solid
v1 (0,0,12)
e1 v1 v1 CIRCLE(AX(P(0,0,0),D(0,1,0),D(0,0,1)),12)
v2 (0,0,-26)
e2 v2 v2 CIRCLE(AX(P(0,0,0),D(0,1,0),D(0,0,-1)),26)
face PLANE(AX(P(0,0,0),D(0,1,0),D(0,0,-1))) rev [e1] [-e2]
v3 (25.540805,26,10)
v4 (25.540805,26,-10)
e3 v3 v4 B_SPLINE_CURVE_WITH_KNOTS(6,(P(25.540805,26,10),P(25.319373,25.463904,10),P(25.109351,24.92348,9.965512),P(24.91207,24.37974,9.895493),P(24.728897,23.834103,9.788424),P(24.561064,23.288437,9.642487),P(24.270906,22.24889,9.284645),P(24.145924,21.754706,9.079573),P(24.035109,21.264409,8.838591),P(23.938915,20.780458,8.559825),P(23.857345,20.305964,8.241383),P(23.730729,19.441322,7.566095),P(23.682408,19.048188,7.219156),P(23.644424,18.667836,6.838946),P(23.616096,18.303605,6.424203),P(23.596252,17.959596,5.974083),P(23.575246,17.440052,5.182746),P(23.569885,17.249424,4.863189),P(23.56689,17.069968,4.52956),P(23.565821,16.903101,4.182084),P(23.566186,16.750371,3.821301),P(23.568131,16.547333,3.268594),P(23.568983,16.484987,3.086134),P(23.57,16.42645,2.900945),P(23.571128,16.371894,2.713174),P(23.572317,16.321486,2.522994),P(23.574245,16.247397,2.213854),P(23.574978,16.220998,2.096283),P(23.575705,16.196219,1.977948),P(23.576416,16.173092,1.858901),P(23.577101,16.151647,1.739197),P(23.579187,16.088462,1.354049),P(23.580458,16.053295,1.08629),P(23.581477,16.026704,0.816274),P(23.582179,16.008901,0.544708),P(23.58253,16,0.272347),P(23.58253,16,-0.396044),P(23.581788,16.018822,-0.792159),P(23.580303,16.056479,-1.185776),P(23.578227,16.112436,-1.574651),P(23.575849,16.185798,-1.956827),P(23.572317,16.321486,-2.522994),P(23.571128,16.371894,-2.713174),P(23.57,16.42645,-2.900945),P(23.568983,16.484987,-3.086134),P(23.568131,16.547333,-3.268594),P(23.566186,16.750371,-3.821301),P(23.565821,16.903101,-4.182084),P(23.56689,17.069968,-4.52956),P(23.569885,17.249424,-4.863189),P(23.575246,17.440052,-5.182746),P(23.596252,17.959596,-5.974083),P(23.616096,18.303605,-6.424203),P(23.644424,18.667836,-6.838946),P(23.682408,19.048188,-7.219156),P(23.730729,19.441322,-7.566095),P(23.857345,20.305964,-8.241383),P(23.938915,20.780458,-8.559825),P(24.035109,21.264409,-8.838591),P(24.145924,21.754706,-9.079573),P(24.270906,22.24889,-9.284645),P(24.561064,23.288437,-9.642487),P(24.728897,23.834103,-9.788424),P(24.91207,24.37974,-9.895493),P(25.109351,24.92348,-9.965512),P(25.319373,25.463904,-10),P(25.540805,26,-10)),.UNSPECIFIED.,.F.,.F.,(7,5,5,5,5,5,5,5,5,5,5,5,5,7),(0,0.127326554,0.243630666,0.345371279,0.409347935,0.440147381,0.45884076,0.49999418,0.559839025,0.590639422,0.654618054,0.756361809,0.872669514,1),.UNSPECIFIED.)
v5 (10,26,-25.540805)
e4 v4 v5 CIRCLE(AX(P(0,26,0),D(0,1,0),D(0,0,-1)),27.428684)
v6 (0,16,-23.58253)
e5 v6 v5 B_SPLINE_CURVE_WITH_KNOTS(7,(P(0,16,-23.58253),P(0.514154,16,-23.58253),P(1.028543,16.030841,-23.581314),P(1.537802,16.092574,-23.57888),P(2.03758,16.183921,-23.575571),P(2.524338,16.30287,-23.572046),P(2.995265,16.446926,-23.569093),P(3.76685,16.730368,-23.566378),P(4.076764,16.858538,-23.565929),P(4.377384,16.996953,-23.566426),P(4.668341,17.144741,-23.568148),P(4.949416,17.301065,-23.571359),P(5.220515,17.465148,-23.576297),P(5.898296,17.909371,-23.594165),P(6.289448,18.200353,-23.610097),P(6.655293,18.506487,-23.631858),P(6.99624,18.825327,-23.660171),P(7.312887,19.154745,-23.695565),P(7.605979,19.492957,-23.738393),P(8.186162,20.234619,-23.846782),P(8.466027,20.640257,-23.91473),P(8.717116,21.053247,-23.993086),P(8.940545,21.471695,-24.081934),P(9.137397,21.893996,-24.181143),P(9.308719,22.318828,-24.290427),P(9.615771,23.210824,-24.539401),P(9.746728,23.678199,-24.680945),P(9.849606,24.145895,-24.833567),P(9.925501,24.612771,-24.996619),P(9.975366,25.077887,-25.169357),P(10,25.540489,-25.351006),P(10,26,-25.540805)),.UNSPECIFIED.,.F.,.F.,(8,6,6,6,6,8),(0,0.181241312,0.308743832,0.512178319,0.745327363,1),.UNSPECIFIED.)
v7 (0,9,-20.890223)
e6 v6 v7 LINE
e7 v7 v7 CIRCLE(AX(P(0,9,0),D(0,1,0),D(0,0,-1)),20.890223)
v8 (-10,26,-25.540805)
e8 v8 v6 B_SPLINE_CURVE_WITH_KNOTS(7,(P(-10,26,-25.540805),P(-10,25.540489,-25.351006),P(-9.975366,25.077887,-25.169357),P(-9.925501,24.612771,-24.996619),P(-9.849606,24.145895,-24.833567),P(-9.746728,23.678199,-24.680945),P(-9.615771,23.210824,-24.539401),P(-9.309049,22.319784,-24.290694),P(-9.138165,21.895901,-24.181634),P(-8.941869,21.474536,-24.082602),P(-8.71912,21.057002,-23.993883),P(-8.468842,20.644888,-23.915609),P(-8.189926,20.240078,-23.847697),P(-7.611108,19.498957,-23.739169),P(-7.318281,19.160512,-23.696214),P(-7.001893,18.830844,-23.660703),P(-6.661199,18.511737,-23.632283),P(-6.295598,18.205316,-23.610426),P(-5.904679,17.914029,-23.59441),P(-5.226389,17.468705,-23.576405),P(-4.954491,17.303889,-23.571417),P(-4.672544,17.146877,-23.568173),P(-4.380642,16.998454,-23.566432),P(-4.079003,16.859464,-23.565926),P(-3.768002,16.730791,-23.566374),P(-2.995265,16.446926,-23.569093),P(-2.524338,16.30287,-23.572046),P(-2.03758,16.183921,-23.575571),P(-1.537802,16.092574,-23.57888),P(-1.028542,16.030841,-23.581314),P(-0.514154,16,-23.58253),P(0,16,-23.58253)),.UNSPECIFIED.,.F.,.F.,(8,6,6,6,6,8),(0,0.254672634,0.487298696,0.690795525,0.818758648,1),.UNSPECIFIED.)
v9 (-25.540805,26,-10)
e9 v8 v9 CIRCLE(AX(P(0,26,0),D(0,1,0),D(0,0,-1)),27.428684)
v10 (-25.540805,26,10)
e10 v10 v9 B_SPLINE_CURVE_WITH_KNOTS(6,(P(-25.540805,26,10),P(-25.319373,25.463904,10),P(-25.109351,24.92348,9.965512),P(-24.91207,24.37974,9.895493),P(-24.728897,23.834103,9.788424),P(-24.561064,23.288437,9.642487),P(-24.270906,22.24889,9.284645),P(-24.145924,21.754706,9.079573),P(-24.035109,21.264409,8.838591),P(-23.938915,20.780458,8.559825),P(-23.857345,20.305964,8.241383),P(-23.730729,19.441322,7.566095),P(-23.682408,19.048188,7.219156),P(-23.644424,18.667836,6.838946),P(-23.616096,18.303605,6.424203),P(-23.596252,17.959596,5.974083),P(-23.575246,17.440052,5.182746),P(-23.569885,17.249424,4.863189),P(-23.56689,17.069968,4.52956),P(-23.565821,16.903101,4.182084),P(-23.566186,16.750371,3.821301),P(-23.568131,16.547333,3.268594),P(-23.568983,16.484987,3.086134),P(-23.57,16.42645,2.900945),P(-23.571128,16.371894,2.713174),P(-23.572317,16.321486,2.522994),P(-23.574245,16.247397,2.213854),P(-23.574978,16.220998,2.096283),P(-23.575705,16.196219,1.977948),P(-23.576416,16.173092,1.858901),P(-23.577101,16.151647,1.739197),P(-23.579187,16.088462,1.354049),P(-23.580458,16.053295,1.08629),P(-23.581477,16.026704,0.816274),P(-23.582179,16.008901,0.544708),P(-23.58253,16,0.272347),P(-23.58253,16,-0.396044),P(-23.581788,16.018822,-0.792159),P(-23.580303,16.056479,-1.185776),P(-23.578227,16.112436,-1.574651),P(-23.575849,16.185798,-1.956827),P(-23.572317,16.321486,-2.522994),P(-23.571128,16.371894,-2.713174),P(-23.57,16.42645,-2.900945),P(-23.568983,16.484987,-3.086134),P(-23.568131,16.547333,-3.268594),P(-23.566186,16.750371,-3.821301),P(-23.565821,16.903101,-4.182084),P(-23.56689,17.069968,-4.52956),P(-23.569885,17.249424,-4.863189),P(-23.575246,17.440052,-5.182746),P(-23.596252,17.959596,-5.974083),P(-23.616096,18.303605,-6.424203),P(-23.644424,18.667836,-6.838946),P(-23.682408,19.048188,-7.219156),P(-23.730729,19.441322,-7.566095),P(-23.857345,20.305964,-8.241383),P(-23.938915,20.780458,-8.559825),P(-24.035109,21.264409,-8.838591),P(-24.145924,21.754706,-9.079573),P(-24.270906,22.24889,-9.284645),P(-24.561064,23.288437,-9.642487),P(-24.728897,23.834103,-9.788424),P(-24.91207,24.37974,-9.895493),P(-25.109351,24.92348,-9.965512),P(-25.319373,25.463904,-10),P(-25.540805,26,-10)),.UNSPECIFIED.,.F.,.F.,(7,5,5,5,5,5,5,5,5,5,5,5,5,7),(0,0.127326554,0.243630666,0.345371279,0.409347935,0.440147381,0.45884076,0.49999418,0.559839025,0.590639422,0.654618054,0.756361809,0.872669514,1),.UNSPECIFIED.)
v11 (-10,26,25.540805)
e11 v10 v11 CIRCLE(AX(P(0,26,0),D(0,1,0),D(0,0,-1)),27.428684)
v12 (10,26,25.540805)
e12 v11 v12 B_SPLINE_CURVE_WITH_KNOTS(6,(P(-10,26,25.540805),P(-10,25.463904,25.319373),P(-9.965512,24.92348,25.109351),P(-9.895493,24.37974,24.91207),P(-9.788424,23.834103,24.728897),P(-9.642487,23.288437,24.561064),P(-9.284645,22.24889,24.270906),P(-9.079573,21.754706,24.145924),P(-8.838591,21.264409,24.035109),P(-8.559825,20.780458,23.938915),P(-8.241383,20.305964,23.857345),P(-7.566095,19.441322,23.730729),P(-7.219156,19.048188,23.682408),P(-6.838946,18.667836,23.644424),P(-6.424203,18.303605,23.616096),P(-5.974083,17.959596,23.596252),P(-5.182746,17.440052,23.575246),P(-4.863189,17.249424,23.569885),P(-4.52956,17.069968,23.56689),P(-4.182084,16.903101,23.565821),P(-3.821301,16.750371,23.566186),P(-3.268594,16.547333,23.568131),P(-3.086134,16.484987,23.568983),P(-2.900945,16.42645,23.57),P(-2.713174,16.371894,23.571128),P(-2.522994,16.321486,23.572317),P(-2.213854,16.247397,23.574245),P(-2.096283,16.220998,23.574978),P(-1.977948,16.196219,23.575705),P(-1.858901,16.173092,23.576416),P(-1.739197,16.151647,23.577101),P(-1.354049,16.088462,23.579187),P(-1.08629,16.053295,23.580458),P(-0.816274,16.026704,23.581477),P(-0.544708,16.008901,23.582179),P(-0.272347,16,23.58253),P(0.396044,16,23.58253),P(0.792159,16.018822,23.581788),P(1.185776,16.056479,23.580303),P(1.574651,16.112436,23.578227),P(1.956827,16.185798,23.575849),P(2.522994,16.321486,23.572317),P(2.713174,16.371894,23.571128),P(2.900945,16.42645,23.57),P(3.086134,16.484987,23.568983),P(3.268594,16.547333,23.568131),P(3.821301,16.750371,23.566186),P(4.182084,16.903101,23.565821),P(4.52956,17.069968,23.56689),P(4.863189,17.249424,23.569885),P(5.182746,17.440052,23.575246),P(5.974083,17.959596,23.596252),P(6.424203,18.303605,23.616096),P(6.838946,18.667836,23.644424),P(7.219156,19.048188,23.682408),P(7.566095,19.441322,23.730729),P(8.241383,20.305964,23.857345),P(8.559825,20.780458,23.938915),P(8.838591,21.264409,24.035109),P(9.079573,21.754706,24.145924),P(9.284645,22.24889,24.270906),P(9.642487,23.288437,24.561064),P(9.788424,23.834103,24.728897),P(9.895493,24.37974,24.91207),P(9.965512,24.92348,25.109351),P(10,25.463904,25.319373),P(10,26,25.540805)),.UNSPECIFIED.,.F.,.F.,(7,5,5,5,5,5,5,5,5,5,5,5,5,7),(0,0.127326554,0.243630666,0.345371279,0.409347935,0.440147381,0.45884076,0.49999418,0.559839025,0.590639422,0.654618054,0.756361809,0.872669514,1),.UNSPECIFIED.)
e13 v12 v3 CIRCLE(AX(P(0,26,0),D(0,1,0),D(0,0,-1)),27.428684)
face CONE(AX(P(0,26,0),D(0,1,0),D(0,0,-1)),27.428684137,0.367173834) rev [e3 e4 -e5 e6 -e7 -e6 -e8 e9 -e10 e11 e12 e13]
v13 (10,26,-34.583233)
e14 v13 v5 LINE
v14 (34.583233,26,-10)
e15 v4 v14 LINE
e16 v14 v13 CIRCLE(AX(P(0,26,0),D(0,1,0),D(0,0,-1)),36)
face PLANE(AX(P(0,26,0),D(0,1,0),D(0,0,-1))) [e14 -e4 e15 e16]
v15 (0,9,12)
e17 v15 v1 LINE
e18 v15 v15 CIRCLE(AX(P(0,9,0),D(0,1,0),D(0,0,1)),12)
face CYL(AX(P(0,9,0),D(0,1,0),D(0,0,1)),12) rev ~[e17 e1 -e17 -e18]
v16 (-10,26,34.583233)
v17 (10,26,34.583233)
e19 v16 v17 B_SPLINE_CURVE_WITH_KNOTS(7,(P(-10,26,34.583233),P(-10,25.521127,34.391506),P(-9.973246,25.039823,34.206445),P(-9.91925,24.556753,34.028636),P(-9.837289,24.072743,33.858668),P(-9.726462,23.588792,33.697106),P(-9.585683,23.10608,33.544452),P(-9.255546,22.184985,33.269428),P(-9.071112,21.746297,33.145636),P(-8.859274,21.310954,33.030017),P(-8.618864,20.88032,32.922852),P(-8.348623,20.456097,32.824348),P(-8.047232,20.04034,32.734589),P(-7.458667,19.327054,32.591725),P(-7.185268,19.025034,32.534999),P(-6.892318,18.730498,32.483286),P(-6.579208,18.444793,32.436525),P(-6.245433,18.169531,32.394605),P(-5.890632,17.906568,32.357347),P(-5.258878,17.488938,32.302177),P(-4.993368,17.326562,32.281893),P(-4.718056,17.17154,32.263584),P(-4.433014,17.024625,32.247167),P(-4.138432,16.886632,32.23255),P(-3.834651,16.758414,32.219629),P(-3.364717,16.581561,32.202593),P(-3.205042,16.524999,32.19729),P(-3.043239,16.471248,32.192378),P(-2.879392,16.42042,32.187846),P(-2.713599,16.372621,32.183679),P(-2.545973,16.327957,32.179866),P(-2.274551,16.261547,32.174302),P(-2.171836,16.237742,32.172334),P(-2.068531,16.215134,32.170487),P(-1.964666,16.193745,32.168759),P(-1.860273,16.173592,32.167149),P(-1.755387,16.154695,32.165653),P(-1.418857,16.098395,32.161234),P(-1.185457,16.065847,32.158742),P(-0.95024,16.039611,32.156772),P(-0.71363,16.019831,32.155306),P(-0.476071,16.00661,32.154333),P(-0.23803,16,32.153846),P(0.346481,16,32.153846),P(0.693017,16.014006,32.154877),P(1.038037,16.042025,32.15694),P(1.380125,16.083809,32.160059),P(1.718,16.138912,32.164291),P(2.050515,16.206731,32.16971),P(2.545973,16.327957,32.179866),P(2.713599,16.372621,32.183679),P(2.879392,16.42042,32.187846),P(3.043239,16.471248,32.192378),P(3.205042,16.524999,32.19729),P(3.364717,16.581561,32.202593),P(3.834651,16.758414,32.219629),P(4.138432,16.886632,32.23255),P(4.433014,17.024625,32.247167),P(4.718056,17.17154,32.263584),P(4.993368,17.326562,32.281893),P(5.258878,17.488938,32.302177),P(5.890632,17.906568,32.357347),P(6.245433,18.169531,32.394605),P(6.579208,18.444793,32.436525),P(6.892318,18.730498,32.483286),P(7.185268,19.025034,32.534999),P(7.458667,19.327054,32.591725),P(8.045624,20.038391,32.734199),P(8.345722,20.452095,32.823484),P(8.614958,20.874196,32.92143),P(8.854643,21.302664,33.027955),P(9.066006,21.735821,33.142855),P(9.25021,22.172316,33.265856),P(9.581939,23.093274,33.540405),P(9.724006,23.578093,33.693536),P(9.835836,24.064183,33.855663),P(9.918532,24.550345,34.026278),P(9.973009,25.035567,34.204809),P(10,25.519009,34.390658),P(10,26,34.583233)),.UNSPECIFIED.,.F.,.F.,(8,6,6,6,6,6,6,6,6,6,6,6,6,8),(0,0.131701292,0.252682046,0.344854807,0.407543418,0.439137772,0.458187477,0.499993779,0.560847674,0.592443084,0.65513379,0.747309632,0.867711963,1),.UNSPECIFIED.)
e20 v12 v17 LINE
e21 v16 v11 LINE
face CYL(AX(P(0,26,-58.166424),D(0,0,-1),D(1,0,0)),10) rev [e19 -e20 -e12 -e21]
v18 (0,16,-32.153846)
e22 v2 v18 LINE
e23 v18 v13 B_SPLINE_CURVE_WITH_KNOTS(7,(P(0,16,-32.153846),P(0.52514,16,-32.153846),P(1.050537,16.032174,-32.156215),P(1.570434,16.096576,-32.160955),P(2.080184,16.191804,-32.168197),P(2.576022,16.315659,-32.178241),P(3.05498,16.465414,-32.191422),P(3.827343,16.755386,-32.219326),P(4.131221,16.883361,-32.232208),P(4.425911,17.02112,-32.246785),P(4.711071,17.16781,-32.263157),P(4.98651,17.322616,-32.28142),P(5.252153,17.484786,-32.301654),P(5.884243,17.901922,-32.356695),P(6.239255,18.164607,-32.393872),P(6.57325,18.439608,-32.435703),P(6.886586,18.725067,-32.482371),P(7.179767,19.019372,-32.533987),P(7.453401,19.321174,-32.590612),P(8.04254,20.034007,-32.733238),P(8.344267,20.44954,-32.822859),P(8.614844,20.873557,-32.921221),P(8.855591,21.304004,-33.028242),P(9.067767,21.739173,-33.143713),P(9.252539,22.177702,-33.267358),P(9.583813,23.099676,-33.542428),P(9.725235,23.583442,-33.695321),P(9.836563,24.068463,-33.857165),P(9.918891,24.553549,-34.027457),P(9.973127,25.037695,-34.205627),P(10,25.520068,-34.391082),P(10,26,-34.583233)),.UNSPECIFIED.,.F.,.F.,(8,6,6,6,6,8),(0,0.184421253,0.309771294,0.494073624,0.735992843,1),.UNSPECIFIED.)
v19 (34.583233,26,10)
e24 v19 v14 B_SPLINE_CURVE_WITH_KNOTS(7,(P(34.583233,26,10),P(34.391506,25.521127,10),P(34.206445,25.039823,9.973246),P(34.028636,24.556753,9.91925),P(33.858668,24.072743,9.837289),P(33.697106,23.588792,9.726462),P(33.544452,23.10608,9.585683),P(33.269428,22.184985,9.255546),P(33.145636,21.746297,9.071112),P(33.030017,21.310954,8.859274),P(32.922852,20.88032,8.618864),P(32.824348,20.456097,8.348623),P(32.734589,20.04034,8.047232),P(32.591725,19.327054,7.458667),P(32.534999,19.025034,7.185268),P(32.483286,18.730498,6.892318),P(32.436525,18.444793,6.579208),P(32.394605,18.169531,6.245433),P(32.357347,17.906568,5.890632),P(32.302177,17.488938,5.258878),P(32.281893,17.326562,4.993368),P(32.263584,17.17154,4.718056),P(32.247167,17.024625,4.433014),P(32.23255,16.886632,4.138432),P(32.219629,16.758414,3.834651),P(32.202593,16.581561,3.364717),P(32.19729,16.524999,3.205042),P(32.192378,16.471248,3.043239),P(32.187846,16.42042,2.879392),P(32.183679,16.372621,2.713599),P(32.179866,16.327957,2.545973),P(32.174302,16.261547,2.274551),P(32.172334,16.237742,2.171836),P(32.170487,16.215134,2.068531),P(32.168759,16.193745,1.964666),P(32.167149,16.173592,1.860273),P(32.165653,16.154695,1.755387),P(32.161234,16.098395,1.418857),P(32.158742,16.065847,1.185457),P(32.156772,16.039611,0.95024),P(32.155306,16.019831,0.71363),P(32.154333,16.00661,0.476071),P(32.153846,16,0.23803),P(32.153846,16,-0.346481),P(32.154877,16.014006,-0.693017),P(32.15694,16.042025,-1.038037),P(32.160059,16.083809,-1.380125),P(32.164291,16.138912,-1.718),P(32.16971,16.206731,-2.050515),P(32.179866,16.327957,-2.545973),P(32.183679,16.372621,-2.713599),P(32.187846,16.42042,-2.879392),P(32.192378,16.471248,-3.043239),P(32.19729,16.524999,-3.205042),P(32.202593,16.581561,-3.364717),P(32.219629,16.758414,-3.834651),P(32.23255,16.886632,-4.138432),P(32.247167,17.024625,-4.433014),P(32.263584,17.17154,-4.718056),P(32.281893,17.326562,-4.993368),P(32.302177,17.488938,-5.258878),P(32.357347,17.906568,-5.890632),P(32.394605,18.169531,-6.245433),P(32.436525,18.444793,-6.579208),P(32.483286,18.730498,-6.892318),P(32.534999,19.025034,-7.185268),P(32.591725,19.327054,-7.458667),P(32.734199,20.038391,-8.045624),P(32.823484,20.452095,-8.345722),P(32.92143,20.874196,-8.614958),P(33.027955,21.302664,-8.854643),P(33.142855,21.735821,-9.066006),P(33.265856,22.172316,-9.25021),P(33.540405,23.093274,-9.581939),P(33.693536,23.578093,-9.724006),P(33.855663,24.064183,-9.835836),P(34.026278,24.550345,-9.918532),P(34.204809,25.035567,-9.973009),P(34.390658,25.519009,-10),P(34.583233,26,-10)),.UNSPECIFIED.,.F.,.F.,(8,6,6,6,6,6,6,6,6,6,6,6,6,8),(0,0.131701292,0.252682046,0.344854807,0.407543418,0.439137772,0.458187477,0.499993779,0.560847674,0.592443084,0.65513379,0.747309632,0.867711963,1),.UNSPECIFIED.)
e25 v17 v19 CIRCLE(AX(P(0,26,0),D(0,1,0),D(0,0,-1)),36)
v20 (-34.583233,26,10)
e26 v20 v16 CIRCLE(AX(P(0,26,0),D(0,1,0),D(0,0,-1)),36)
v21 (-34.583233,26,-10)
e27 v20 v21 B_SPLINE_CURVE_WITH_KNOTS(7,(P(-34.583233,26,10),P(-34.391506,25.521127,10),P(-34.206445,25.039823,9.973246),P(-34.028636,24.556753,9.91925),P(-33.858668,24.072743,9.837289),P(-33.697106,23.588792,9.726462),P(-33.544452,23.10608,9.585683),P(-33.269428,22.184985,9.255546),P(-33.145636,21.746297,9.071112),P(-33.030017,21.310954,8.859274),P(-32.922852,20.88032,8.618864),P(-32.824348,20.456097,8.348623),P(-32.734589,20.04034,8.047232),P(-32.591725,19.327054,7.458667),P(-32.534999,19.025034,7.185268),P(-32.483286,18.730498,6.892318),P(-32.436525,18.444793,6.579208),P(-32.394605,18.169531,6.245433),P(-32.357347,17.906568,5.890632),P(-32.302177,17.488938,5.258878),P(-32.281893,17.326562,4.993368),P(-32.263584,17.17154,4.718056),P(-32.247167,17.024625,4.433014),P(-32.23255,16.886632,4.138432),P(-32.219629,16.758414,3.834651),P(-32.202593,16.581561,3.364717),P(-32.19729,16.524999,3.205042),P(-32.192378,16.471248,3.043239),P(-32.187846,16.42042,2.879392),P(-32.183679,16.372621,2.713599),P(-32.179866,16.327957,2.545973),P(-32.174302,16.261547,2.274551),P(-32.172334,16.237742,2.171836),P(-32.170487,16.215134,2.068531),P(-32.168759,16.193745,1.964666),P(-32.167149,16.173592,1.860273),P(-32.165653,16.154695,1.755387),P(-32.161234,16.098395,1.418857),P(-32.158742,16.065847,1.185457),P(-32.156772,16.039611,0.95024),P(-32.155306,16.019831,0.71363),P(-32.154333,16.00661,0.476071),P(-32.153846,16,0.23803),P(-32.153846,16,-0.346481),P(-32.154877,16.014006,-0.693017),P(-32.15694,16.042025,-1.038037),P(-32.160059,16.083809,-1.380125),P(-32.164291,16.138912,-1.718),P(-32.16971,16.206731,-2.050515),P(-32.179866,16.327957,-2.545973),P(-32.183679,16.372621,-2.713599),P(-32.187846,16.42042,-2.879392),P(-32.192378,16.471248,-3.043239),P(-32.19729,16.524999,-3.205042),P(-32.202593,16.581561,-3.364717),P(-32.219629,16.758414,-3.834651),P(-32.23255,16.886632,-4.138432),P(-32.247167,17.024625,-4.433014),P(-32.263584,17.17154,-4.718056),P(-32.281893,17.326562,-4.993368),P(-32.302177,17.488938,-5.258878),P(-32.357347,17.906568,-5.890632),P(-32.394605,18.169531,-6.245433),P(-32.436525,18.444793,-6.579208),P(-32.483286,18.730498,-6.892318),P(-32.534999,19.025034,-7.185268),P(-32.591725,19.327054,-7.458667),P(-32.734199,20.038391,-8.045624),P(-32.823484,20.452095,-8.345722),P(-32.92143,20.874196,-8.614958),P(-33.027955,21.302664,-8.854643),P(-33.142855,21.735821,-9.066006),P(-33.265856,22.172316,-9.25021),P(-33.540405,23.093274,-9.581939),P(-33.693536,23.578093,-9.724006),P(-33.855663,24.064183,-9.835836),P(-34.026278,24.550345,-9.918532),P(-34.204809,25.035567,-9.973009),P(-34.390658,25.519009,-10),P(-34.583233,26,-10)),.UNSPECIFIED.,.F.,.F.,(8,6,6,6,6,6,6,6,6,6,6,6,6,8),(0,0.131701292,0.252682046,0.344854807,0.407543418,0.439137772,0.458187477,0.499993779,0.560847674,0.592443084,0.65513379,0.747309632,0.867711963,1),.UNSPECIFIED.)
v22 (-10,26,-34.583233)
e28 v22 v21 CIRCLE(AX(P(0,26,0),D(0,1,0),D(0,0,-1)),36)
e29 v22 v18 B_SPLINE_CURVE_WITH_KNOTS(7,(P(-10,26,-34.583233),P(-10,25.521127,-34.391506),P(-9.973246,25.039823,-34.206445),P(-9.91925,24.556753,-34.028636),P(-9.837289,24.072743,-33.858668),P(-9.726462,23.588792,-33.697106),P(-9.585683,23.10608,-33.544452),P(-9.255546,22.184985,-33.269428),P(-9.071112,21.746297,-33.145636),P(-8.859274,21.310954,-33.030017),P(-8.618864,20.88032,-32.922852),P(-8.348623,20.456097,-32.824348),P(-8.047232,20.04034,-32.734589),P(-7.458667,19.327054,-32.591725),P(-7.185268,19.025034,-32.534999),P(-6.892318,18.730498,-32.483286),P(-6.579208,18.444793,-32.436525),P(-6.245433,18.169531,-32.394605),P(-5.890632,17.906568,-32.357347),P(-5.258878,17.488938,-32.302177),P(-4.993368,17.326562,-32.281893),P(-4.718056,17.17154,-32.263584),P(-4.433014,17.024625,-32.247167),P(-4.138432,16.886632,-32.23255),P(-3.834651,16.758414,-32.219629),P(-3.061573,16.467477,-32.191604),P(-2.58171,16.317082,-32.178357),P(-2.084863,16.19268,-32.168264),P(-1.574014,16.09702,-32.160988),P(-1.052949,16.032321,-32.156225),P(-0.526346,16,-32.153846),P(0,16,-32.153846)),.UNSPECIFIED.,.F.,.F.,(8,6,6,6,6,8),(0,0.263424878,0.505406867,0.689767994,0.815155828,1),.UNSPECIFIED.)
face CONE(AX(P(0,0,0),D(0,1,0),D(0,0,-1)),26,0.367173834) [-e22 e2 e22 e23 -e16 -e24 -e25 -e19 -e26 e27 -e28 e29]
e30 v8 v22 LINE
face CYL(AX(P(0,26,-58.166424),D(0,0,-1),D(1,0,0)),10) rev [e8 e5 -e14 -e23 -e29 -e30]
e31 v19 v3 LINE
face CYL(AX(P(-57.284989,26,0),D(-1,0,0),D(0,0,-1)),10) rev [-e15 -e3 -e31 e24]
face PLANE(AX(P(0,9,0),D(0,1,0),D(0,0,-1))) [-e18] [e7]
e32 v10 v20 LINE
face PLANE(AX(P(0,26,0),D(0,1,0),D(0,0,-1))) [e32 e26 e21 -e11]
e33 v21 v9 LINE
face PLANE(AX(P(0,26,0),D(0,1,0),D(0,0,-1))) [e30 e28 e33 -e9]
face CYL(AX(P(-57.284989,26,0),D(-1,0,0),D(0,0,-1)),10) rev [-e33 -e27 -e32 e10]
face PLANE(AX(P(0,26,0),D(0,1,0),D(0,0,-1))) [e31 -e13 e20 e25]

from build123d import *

# Parameters (mm, degrees)
CUT_EXTRUDE1_DEPTH      = 58.166423712
CUT_EXTRUDE1_DEPTH_BACK = 58.166423712
SKETCH11_R              = 10
CUT_EXTRUDE2_DEPTH      = 57.284989289
CUT_EXTRUDE2_DEPTH_BACK = 57.284989289
SKETCH12_R              = 10
SKETCH13_R              = 12
CUT_EXTRUDE3_DEPTH      = 26


with BuildPart() as part:
    # Sketch9 → Revolve2 (revolve)
    with BuildSketch(Plane.XY, mode=Mode.PRIVATE) as revolve2_sk:
        Polygon((0, 9), (0, 0), (26, 0), (36, 26), (27.428684137, 26), (20.890222599, 9), align=None)
    revolve(revolve2_sk.sketch.rotate(Axis((0, 0, 0), (0, 1, 0)), 90), axis=Axis((0, 0, 0), (0, 1, 0)))

    # Sketch11 → Cut-Extrude1 (cut, two sides: drawn at the far end of the back side and taken through both)
    with BuildSketch(Plane.XY.offset(-CUT_EXTRUDE1_DEPTH_BACK)):
        with Locations((0, 26)):
            Circle(SKETCH11_R)
    extrude(amount=CUT_EXTRUDE1_DEPTH + CUT_EXTRUDE1_DEPTH_BACK, mode=Mode.SUBTRACT)

    # Sketch12 → Cut-Extrude2 (cut, two sides: drawn at the far end of the back side and taken through both)
    with BuildSketch(Plane(origin=(0, 0, 0), x_dir=(0, 0, -1), z_dir=(1, 0, 0)).offset(-CUT_EXTRUDE2_DEPTH_BACK)):
        with Locations((0, 26)):
            Circle(SKETCH12_R)
    extrude(amount=CUT_EXTRUDE2_DEPTH + CUT_EXTRUDE2_DEPTH_BACK, mode=Mode.SUBTRACT)

    # Sketch13 → Cut-Extrude3 (cut)
    with BuildSketch(Plane(origin=(0, 9, 0), x_dir=(1, 0, 0), z_dir=(0, 1, 0))):
        with Locations(Location((0, 0, 0), (0, 0, 270))):
            Circle(SKETCH13_R)
    extrude(amount=-CUT_EXTRUDE3_DEPTH, mode=Mode.SUBTRACT)


solid = part.part
